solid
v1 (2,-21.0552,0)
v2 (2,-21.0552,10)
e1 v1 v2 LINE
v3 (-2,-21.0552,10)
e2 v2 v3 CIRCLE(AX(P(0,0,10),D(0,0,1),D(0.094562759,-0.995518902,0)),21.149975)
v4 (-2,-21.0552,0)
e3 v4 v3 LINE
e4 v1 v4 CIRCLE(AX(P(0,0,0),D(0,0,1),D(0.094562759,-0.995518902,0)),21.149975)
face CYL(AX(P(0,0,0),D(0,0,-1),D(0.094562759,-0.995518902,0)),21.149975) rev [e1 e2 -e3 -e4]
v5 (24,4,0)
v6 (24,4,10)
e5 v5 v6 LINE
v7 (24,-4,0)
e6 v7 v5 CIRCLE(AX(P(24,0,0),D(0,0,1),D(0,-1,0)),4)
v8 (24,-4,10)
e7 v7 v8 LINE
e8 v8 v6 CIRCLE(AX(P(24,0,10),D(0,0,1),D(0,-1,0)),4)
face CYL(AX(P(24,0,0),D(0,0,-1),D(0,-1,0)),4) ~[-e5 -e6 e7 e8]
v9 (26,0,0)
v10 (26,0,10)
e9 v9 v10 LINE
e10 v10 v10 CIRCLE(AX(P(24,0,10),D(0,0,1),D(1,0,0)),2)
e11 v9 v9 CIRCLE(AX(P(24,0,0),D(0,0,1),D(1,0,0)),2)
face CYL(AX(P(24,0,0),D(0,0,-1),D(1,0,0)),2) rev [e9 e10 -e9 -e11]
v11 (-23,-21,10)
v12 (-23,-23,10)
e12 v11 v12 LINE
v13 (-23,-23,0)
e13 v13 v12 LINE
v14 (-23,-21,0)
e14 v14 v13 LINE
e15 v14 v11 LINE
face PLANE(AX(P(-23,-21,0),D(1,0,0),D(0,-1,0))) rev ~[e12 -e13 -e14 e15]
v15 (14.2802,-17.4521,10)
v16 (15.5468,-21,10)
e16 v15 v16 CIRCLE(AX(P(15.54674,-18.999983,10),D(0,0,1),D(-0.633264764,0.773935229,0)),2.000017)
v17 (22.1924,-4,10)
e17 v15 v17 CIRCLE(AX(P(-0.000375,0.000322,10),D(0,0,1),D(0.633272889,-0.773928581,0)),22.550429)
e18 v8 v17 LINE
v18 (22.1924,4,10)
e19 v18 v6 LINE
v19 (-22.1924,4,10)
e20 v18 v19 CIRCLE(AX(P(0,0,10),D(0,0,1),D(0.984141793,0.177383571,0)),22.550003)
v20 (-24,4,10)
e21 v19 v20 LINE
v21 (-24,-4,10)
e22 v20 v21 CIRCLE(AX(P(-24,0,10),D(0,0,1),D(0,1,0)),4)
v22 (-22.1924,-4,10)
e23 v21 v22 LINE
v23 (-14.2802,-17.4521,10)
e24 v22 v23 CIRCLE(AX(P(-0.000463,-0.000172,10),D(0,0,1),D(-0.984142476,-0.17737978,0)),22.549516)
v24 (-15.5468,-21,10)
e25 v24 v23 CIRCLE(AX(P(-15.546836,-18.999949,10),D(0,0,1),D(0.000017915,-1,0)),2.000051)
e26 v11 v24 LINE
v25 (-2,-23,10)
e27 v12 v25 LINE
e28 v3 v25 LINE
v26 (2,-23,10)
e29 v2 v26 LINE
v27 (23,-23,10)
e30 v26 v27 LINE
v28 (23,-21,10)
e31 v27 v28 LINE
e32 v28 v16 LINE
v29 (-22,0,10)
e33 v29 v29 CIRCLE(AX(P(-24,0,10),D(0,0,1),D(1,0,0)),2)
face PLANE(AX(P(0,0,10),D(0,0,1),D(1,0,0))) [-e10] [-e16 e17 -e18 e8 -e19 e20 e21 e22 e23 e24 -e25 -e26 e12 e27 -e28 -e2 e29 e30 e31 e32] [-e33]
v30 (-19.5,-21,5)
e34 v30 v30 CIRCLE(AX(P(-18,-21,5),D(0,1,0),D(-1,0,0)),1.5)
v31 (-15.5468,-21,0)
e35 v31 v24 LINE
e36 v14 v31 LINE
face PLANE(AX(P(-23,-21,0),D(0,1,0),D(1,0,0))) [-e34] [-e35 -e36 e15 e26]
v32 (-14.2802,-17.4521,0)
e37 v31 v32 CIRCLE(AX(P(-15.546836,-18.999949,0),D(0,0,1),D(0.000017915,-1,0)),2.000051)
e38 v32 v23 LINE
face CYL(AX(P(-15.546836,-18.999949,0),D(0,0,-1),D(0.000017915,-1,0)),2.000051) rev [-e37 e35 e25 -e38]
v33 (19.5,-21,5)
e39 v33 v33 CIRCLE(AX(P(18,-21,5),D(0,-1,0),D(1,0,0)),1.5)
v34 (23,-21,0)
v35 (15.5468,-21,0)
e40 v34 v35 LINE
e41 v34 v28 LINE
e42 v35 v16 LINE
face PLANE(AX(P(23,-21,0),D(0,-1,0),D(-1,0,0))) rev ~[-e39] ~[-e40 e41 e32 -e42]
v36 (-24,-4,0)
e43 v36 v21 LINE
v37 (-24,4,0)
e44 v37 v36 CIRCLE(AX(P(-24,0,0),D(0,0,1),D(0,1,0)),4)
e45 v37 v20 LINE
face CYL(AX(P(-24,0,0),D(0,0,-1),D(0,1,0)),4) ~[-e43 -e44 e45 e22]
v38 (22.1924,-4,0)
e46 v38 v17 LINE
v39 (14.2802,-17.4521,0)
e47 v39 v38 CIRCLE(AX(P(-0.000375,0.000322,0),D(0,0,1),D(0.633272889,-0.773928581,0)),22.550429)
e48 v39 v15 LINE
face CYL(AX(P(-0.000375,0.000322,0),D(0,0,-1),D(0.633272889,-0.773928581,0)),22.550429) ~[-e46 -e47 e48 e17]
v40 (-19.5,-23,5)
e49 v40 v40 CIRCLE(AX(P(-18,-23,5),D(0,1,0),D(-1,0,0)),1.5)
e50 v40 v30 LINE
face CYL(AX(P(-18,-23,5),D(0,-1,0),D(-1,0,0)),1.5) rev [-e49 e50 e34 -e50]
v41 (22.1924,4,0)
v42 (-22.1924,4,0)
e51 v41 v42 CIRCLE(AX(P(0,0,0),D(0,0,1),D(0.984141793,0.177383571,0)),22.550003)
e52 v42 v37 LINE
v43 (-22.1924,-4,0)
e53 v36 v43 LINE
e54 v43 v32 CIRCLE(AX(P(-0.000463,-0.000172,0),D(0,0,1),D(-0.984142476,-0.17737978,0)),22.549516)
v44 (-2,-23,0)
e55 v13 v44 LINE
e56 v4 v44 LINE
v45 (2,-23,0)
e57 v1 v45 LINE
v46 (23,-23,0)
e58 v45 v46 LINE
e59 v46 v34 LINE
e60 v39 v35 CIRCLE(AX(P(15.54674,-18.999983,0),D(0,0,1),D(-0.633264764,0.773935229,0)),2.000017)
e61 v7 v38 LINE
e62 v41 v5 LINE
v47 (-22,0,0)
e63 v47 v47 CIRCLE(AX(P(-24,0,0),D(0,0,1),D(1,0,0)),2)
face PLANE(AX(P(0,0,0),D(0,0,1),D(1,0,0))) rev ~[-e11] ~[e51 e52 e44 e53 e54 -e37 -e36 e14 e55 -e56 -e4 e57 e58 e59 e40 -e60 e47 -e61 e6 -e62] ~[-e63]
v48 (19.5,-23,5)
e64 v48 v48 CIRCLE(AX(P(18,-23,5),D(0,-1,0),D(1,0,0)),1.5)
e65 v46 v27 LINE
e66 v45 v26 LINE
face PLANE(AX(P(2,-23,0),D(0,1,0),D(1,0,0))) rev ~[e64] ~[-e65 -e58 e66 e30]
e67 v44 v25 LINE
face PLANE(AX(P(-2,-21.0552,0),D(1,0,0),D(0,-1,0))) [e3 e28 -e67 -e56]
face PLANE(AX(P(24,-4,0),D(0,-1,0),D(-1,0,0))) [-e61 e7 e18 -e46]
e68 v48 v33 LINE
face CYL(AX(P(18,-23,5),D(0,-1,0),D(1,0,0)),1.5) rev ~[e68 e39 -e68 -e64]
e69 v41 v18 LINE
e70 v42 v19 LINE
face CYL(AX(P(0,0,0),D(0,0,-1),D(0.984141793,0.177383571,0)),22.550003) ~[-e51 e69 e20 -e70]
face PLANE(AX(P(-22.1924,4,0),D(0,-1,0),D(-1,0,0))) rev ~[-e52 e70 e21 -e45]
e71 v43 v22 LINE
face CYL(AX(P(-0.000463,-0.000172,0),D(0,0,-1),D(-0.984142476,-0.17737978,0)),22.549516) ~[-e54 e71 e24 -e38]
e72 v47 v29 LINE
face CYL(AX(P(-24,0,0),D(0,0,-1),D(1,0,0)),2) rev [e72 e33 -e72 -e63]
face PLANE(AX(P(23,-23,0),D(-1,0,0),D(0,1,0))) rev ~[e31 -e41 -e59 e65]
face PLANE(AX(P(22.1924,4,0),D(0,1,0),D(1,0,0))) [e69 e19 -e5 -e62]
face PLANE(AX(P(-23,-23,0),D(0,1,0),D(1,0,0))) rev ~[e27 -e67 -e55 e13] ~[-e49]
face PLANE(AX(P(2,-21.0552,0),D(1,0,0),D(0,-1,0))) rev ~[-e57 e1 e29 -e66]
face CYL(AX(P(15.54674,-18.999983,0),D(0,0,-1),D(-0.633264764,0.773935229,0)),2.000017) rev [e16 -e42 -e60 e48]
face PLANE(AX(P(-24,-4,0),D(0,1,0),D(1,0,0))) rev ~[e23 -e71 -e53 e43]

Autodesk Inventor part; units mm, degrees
ref_plane "YZ Plane" through (0, 0, 0) normal (1, 0, 0) x (0, 1, 0)
ref_plane "XZ Plane" through (0, 0, 0) normal (0, 1, 0) x (-1, 0, 0)
ref_plane "XY Plane" through (0, 0, 0) normal (0, 0, 1) x (1, 0, 0)
sketch "Sketch1" plane through (0, 0, 0) normal (0, 0, 1) x (1, 0, 0)
  circle A0 centre (0, 0) radius 21.15 construction
  line L0 (-18, -23) -> (18, -23) construction
  line L1 (-18, -23) -> (-18, -38.1522) construction
  line L2 (18, -23) -> (18, -38.1522) construction
  line L3 (-23, -21) -> (-23, -23)
  line L4 (-23, -23) -> (-2, -23)
  line L5 (-2, -21.0552) -> (-2, -23)
  line L6 (2, -21.0552) -> (2, -23)
  line L7 (2, -23) -> (23, -23)
  line L8 (23, -23) -> (23, -21)
  line L9 (23, -21) -> (15.5468, -21)
  line L10 (-23, -21) -> (-15.5468, -21)
  arc A1 (2, -21.0552) -> (-2, -21.0552) centre (0, 0) ccw
  arc A2 (14.2802, -17.4521) -> (15.5468, -21) centre (15.5468, -19) ccw
  arc A3 (-15.5468, -21) -> (-14.2802, -17.4521) centre (-15.5468, -19) ccw
  circle A4 centre (-24, 0) radius 2
  circle A5 centre (24, 0) radius 2
  line L11 (-22.1924, 4) -> (-24, 4)
  arc A6 (-24, 4) -> (-24, -4) centre (-24, 0) ccw
  line L12 (-24, -4) -> (-22.1924, -4)
  line L13 (22.1924, 4) -> (24, 4)
  arc A7 (24, -4) -> (24, 4) centre (24, 0) ccw
  line L14 (24, -4) -> (22.1924, -4)
  arc A8 (-22.1924, -4) -> (-14.2802, -17.4521) centre (0, 0) ccw
  arc A9 (14.2802, -17.4521) -> (22.1924, -4) centre (0, 0) ccw
  arc A10 (22.1924, 4) -> (-22.1924, 4) centre (0, 0) ccw
  point P0 (0, -23)
  point P1 (8.216, -21)
  point P2 (-8.216, -21)
  dimension "d13" = 42.3
  dimension "d1" = 23
  dimension "d2" = 36
  dimension "d3" = 2
  dimension "d5" = 5
  dimension "d6" = 2
  dimension "d7" = 4
  dimension "d14" = 4
  dimension "d15" = 4
  dimension "d16" = 48
  dimension "d17" = 24
  dimension "d18" = 4
  dimension "d19" = 22.55
extrude "Extrusion1" add sketch "Sketch1" along normal blind 10
sketch "Sketch2" plane through (2, -23, 0) normal (0, -1, 0) x (1, 0, 0)
  circle A0 centre (16, 5) radius 1.5
  line L0 (21, 0) -> (21, 10) projected
  point P0 (-2, 0)
  point P1 (16, 0)
  point P2 (16, 0)
  point P3 (16, 0)
  point P4 (21, 5)
  dimension "d10" = 3
extrude "Extrusion2" cut sketch "Sketch2" against normal up to surface (2 mm away)
mirror "Mirror1" about plane through (0, 0, 0) normal (1, 0, 0) of "Extrusion2"
properties part number "OmegaRing" material "ABS Plastic"
